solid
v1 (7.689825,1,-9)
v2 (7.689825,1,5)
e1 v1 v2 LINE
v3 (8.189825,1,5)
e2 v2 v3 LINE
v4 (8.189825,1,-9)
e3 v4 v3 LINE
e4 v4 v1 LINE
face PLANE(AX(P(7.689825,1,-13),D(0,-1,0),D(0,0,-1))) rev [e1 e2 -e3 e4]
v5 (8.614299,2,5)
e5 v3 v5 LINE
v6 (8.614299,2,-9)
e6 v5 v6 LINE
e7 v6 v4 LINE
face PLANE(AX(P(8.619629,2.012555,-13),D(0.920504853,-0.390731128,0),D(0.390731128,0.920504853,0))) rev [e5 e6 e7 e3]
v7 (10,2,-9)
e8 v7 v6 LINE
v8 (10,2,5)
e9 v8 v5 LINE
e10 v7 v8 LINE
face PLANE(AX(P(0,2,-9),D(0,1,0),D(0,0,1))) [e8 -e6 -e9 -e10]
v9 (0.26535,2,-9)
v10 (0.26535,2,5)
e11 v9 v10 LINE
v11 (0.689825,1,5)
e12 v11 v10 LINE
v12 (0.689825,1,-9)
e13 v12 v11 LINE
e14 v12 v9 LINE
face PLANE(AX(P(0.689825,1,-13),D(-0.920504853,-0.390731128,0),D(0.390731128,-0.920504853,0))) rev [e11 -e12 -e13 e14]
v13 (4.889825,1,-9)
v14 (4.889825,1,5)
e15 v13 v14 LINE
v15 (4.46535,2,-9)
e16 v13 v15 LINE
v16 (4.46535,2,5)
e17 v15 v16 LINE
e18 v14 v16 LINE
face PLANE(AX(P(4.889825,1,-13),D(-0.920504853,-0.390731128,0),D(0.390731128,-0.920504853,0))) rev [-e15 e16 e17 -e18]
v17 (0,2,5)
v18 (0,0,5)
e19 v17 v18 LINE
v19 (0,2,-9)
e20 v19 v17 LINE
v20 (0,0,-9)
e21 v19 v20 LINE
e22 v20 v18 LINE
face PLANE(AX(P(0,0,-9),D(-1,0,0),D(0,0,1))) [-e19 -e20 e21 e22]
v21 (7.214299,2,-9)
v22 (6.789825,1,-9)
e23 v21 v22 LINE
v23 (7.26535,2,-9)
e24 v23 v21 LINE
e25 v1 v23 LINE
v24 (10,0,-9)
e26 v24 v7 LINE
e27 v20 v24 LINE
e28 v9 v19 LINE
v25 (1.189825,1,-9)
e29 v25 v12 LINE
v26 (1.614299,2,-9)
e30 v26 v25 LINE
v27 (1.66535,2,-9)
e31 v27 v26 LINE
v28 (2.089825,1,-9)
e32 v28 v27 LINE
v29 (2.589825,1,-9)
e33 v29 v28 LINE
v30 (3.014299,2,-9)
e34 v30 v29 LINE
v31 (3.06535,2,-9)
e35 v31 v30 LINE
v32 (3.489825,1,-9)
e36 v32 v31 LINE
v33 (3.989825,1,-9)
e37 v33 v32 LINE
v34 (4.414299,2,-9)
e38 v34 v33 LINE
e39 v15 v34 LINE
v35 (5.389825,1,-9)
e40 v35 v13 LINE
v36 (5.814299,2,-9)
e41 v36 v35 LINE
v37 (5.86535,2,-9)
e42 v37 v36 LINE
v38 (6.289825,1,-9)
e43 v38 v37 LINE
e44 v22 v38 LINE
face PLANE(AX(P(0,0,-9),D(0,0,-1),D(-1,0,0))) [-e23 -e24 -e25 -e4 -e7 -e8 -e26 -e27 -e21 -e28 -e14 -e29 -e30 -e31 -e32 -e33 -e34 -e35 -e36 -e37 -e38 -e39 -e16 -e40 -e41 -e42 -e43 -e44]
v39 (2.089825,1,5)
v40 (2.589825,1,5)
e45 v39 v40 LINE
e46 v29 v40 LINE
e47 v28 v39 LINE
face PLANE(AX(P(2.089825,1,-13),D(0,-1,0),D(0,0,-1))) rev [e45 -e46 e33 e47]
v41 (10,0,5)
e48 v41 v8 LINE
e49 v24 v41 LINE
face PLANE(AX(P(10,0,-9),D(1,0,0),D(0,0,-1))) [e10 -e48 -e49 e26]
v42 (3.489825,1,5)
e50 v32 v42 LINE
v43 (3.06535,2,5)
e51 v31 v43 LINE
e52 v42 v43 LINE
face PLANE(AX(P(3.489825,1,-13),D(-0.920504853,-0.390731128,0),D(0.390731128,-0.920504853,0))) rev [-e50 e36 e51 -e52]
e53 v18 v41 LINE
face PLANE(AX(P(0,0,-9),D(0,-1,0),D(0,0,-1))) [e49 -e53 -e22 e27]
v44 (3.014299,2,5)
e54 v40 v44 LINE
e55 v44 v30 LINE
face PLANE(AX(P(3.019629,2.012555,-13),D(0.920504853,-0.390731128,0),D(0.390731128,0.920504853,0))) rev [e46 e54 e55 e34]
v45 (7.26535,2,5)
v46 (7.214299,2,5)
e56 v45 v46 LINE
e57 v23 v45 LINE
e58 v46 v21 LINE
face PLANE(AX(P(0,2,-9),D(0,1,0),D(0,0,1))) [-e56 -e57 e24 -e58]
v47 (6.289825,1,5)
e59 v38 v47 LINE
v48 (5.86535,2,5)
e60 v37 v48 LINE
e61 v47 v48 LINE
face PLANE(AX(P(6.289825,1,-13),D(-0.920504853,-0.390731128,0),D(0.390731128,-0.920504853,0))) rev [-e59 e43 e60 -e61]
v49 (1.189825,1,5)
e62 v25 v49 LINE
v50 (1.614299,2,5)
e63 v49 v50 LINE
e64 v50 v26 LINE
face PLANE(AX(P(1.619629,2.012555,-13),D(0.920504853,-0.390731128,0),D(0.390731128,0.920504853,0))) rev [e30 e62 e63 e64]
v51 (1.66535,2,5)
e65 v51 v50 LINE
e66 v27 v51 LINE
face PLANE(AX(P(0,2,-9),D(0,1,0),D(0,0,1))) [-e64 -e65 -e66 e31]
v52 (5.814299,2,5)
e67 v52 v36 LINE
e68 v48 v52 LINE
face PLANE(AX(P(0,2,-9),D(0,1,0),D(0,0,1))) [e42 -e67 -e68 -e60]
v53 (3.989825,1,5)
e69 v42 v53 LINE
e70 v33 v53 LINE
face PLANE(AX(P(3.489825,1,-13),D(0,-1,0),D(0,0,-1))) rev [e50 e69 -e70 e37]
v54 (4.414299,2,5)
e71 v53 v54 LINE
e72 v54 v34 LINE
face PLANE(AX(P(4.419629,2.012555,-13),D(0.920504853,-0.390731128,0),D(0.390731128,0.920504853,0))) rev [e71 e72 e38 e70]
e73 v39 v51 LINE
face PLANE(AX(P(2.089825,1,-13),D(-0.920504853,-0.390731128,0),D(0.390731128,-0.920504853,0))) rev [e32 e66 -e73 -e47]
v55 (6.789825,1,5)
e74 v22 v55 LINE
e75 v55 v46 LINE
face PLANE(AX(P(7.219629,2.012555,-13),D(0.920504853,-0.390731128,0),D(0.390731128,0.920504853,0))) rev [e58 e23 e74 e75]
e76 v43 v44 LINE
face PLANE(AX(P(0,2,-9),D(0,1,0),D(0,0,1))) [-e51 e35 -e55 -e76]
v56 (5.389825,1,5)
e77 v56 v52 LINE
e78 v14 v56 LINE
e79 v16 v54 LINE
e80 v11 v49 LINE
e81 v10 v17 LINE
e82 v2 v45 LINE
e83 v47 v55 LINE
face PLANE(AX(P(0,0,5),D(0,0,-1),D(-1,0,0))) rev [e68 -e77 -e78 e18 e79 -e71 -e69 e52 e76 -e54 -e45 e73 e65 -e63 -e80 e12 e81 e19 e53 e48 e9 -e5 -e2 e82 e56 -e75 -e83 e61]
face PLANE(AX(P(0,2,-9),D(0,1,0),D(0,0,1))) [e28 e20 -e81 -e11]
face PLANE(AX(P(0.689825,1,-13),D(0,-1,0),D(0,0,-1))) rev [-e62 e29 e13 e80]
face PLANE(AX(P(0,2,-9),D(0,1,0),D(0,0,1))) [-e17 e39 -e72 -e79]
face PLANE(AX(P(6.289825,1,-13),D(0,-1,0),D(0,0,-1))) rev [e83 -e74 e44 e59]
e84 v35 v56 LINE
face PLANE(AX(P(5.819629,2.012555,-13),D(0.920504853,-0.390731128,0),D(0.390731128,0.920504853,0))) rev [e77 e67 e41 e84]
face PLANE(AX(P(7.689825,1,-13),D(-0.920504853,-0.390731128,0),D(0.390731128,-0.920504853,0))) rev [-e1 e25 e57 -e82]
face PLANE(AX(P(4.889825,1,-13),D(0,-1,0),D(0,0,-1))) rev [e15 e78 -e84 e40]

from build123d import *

# Parameters (mm, degrees)
BOSS_EXTRUDE1_DEPTH      = 5
BOSS_EXTRUDE1_DEPTH_BACK = 9
SKETCH1_W                = 10
SKETCH1_H                = 2
CUT_EXTRUDE1_DEPTH       = 18
LPATTERN2_COUNT          = 6
LPATTERN2_PITCH          = 1.4


with BuildPart() as part:
    # Sketch1 → Boss-Extrude1 (new, two sides: drawn at the far end of the back side and taken through both)
    with BuildSketch(Plane.XY.offset(-BOSS_EXTRUDE1_DEPTH_BACK)):
        with Locations((5, 1)):
            Rectangle(SKETCH1_W, SKETCH1_H)
    extrude(amount=BOSS_EXTRUDE1_DEPTH + BOSS_EXTRUDE1_DEPTH_BACK)

    # Sketch3 → Cut-Extrude1 (cut)
    with BuildSketch(Plane.XY.offset(5)):
        Polygon((0.689824634, 1), (1.189824634, 1), (1.619628875, 2.012555339), (0.260020392, 2.012555339), align=None)
    cut_extrude1 = extrude(amount=-CUT_EXTRUDE1_DEPTH, mode=Mode.SUBTRACT)

    # LPattern2: Cut-Extrude1 ×6
    with Locations(*[(i * LPATTERN2_PITCH, 0, 0) for i in range(1, LPATTERN2_COUNT)]):
        add(cut_extrude1, mode=Mode.SUBTRACT)


solid = part.part
